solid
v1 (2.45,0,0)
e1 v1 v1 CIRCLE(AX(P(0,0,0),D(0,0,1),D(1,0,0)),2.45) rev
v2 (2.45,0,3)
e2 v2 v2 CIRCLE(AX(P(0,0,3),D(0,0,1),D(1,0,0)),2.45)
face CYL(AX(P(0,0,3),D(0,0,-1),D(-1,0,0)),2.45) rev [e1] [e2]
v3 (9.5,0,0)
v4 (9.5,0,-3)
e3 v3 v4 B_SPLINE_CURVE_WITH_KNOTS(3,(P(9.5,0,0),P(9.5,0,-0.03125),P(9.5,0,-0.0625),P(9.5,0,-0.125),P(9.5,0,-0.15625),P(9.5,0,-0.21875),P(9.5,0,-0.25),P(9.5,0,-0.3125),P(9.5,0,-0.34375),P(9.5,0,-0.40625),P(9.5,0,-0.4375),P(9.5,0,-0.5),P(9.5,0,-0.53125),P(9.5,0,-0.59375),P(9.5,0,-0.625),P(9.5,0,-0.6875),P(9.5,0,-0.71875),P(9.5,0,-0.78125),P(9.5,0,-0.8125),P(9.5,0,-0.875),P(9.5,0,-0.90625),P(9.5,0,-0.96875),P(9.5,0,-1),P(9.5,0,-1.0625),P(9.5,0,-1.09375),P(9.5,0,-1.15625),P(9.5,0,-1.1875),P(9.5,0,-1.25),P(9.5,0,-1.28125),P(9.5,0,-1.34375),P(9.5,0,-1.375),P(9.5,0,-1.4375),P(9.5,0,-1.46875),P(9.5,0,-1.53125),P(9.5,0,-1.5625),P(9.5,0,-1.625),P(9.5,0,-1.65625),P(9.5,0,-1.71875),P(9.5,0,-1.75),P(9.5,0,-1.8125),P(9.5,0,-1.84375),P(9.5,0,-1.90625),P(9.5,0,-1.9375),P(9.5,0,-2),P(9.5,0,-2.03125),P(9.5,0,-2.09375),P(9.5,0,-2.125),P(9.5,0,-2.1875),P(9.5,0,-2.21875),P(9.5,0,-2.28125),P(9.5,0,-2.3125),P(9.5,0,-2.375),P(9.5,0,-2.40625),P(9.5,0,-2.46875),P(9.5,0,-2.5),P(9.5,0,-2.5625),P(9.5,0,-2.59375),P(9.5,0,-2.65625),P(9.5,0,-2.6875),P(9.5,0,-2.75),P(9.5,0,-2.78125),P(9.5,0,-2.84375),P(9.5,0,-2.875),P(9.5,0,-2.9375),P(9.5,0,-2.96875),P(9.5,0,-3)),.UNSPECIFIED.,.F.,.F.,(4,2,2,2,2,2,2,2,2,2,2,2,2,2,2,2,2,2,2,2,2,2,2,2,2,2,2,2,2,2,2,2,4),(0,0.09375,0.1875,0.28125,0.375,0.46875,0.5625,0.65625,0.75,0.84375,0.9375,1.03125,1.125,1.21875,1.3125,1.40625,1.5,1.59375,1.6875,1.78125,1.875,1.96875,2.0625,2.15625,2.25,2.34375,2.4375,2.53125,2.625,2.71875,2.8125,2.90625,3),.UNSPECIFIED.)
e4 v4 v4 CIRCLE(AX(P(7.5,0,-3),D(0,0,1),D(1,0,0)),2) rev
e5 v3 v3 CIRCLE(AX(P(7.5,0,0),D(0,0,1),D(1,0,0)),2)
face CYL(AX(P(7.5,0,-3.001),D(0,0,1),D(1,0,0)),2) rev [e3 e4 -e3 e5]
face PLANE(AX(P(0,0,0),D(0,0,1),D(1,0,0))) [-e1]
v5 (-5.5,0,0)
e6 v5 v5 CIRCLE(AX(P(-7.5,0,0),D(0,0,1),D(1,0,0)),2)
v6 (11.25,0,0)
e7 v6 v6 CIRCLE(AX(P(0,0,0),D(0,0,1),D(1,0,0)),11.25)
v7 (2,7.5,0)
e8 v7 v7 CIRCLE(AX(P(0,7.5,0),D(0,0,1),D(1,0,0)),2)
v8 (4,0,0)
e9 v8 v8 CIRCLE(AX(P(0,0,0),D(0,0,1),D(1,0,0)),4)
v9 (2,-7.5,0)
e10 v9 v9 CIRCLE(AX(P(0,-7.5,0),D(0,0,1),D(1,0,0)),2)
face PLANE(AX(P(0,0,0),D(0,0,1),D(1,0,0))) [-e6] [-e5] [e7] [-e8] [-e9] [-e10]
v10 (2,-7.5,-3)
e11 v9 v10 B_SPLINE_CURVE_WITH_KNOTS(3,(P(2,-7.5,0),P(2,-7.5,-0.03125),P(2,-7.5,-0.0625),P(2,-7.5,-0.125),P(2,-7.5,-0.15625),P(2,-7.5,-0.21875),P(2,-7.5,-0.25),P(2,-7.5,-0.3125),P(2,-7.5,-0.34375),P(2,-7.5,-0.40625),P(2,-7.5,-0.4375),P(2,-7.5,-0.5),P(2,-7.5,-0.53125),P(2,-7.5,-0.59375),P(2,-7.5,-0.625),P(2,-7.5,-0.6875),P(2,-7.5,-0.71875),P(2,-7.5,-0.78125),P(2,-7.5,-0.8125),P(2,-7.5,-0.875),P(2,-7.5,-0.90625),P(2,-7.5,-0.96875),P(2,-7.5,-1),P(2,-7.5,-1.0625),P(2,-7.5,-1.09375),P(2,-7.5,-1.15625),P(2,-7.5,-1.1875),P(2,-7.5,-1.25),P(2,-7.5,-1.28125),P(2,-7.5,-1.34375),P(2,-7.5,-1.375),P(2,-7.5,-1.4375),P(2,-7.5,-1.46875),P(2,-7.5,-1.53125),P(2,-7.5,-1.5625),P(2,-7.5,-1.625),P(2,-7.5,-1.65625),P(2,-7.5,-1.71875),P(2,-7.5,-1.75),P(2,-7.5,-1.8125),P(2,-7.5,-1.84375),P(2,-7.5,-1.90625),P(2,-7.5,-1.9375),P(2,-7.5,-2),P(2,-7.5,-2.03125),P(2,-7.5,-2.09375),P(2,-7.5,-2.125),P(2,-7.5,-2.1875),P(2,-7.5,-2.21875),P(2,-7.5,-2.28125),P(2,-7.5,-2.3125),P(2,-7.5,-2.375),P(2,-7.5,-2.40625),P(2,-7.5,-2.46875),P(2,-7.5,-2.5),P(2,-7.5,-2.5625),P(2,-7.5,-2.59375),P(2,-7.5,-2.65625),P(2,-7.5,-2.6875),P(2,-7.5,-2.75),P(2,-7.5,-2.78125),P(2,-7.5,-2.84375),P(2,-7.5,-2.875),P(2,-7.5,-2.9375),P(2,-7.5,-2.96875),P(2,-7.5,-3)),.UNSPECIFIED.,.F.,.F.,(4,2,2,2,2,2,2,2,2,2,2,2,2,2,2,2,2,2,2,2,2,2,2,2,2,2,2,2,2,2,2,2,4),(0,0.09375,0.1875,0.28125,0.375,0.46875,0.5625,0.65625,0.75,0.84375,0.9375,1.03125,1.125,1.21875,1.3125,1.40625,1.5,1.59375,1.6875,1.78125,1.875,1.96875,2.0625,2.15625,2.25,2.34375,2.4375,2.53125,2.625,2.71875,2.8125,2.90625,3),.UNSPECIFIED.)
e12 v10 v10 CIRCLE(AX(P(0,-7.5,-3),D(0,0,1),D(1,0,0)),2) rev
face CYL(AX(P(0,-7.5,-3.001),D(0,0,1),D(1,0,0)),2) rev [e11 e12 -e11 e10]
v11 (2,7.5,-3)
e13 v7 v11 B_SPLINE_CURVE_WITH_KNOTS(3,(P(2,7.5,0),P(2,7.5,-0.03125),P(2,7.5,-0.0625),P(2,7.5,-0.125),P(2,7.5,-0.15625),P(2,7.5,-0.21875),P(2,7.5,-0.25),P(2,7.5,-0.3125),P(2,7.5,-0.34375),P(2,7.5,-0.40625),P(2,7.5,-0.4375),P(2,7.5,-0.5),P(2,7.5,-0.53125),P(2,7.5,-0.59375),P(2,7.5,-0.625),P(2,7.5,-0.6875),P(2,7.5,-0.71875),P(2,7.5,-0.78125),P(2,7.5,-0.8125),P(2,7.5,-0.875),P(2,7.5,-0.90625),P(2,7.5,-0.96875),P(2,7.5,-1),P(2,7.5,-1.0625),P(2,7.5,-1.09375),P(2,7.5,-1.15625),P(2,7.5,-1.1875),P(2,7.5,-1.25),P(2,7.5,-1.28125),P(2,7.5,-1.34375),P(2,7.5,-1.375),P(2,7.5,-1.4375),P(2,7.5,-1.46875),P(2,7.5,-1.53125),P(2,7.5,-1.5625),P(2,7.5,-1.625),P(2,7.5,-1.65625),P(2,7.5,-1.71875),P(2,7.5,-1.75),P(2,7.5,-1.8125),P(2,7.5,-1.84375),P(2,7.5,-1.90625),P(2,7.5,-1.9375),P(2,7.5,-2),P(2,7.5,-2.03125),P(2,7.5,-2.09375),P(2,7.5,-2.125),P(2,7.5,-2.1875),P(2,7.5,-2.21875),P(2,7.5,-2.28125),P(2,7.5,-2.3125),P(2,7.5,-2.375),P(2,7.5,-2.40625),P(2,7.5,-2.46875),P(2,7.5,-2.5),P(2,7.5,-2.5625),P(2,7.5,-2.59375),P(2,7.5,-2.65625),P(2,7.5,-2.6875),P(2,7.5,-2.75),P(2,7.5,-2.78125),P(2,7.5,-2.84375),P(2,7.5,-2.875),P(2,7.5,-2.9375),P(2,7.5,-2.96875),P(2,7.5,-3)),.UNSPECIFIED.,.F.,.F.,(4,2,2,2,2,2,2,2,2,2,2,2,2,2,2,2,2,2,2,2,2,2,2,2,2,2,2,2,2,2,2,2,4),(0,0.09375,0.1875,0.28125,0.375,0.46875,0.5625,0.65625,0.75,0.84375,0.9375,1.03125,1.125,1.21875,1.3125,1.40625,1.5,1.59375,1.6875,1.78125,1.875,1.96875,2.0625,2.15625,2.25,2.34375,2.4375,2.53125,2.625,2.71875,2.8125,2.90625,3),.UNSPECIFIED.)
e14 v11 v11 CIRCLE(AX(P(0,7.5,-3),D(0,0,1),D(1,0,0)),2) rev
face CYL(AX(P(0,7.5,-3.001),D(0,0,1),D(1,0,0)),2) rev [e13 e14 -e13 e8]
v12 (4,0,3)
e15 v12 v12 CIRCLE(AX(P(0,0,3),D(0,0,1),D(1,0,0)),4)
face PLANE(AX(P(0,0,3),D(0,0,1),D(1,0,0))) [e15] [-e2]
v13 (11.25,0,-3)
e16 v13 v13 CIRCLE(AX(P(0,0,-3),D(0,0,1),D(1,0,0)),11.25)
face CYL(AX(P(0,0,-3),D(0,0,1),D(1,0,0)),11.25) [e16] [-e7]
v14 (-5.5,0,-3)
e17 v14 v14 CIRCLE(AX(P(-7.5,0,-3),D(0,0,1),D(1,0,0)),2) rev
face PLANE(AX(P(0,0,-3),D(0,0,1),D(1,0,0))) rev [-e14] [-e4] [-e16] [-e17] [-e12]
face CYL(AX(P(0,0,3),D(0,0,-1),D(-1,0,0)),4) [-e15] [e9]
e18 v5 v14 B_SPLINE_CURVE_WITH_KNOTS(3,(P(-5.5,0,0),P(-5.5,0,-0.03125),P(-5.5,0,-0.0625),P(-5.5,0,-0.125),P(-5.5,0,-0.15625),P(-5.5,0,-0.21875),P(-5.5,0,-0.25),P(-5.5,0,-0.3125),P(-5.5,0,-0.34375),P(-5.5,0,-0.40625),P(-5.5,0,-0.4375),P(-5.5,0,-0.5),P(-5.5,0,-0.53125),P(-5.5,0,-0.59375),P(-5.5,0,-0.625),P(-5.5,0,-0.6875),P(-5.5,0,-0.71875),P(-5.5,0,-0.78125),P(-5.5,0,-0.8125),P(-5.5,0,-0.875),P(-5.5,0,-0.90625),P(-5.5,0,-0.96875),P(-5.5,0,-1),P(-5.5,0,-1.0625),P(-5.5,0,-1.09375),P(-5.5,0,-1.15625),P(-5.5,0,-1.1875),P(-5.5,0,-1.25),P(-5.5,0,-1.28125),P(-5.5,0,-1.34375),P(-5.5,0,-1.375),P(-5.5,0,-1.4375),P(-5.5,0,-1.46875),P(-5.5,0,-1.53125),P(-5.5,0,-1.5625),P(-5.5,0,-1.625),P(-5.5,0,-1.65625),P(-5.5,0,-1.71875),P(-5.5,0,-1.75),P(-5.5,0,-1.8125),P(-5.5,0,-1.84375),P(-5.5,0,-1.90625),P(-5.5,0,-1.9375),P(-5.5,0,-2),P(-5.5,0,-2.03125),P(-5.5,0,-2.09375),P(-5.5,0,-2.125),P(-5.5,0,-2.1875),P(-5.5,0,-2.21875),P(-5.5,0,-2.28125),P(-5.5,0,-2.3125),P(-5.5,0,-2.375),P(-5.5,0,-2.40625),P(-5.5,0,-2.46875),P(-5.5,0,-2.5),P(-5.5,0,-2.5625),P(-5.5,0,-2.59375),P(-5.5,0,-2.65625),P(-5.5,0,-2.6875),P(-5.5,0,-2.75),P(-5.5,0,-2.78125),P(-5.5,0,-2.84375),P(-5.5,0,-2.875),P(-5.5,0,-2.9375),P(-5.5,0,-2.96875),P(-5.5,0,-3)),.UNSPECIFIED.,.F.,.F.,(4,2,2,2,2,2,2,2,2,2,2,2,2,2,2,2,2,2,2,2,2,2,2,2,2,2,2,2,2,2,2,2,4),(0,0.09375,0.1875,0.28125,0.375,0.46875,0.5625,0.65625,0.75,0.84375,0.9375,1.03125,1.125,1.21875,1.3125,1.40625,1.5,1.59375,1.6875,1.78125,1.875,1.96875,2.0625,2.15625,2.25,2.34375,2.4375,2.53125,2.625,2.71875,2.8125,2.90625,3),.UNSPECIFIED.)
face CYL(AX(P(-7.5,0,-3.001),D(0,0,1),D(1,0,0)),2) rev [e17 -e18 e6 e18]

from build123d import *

# Parameters (mm, degrees)
SKIZZE1_R                       = 11.25
AUFSATZ_LINEAR_AUSTRAGEN1_DEPTH = 3
SKIZZE2_R                       = 4
SKIZZE2_R_2                     = 2.45
AUFSATZ_LINEAR_AUSTRAGEN2_DEPTH = 3
SCHNITT_LINEAR_AUSTRAGEN1_REACH = 18.19
SKIZZE3_R                       = 2


with BuildPart() as part:
    # Skizze1 → Aufsatz-Linear austragen1 (new body)
    with BuildSketch(Plane.XY):
        Circle(SKIZZE1_R)
    extrude(amount=-AUFSATZ_LINEAR_AUSTRAGEN1_DEPTH)

    # Skizze2 → Aufsatz-Linear austragen2 (add)
    with BuildSketch(Plane.XY):
        Circle(SKIZZE2_R)
        Circle(SKIZZE2_R_2, mode=Mode.SUBTRACT)
    extrude(amount=AUFSATZ_LINEAR_AUSTRAGEN2_DEPTH)

    # Skizze3 → Schnitt-Linear austragen1 (cut, up to next)
    with BuildSketch(Plane.XY, mode=Mode.PRIVATE) as schnitt_linear_austragen1_sk1:
        with Locations((0, 7.5)):
            Circle(SKIZZE3_R)
    schnitt_linear_austragen1_tool1 = extrude(schnitt_linear_austragen1_sk1.sketch, amount=-SCHNITT_LINEAR_AUSTRAGEN1_REACH, mode=Mode.PRIVATE) & part.part
    # Skizze3 → Schnitt-Linear austragen1 (cut, up to next)
    with BuildSketch(Plane.XY, mode=Mode.PRIVATE) as schnitt_linear_austragen1_sk2:
        with Locations((7.5, 0)):
            Circle(SKIZZE3_R)
    schnitt_linear_austragen1_tool2 = extrude(schnitt_linear_austragen1_sk2.sketch, amount=-SCHNITT_LINEAR_AUSTRAGEN1_REACH, mode=Mode.PRIVATE) & part.part
    # Skizze3 → Schnitt-Linear austragen1 (cut, up to next)
    with BuildSketch(Plane.XY, mode=Mode.PRIVATE) as schnitt_linear_austragen1_sk3:
        with Locations((0, -7.5)):
            Circle(SKIZZE3_R)
    schnitt_linear_austragen1_tool3 = extrude(schnitt_linear_austragen1_sk3.sketch, amount=-SCHNITT_LINEAR_AUSTRAGEN1_REACH, mode=Mode.PRIVATE) & part.part
    # Skizze3 → Schnitt-Linear austragen1 (cut, up to next)
    with BuildSketch(Plane.XY, mode=Mode.PRIVATE) as schnitt_linear_austragen1_sk4:
        with Locations((-7.5, 0)):
            Circle(SKIZZE3_R)
    schnitt_linear_austragen1_tool4 = extrude(schnitt_linear_austragen1_sk4.sketch, amount=-SCHNITT_LINEAR_AUSTRAGEN1_REACH, mode=Mode.PRIVATE) & part.part
    add(schnitt_linear_austragen1_tool1.solids().sort_by_distance((0, 7.5, 0))[0], mode=Mode.SUBTRACT)
    add(schnitt_linear_austragen1_tool2.solids().sort_by_distance((7.5, 0, 0))[0], mode=Mode.SUBTRACT)
    add(schnitt_linear_austragen1_tool3.solids().sort_by_distance((0, -7.5, 0))[0], mode=Mode.SUBTRACT)
    add(schnitt_linear_austragen1_tool4.solids().sort_by_distance((-7.5, 0, 0))[0], mode=Mode.SUBTRACT)


solid = part.part
